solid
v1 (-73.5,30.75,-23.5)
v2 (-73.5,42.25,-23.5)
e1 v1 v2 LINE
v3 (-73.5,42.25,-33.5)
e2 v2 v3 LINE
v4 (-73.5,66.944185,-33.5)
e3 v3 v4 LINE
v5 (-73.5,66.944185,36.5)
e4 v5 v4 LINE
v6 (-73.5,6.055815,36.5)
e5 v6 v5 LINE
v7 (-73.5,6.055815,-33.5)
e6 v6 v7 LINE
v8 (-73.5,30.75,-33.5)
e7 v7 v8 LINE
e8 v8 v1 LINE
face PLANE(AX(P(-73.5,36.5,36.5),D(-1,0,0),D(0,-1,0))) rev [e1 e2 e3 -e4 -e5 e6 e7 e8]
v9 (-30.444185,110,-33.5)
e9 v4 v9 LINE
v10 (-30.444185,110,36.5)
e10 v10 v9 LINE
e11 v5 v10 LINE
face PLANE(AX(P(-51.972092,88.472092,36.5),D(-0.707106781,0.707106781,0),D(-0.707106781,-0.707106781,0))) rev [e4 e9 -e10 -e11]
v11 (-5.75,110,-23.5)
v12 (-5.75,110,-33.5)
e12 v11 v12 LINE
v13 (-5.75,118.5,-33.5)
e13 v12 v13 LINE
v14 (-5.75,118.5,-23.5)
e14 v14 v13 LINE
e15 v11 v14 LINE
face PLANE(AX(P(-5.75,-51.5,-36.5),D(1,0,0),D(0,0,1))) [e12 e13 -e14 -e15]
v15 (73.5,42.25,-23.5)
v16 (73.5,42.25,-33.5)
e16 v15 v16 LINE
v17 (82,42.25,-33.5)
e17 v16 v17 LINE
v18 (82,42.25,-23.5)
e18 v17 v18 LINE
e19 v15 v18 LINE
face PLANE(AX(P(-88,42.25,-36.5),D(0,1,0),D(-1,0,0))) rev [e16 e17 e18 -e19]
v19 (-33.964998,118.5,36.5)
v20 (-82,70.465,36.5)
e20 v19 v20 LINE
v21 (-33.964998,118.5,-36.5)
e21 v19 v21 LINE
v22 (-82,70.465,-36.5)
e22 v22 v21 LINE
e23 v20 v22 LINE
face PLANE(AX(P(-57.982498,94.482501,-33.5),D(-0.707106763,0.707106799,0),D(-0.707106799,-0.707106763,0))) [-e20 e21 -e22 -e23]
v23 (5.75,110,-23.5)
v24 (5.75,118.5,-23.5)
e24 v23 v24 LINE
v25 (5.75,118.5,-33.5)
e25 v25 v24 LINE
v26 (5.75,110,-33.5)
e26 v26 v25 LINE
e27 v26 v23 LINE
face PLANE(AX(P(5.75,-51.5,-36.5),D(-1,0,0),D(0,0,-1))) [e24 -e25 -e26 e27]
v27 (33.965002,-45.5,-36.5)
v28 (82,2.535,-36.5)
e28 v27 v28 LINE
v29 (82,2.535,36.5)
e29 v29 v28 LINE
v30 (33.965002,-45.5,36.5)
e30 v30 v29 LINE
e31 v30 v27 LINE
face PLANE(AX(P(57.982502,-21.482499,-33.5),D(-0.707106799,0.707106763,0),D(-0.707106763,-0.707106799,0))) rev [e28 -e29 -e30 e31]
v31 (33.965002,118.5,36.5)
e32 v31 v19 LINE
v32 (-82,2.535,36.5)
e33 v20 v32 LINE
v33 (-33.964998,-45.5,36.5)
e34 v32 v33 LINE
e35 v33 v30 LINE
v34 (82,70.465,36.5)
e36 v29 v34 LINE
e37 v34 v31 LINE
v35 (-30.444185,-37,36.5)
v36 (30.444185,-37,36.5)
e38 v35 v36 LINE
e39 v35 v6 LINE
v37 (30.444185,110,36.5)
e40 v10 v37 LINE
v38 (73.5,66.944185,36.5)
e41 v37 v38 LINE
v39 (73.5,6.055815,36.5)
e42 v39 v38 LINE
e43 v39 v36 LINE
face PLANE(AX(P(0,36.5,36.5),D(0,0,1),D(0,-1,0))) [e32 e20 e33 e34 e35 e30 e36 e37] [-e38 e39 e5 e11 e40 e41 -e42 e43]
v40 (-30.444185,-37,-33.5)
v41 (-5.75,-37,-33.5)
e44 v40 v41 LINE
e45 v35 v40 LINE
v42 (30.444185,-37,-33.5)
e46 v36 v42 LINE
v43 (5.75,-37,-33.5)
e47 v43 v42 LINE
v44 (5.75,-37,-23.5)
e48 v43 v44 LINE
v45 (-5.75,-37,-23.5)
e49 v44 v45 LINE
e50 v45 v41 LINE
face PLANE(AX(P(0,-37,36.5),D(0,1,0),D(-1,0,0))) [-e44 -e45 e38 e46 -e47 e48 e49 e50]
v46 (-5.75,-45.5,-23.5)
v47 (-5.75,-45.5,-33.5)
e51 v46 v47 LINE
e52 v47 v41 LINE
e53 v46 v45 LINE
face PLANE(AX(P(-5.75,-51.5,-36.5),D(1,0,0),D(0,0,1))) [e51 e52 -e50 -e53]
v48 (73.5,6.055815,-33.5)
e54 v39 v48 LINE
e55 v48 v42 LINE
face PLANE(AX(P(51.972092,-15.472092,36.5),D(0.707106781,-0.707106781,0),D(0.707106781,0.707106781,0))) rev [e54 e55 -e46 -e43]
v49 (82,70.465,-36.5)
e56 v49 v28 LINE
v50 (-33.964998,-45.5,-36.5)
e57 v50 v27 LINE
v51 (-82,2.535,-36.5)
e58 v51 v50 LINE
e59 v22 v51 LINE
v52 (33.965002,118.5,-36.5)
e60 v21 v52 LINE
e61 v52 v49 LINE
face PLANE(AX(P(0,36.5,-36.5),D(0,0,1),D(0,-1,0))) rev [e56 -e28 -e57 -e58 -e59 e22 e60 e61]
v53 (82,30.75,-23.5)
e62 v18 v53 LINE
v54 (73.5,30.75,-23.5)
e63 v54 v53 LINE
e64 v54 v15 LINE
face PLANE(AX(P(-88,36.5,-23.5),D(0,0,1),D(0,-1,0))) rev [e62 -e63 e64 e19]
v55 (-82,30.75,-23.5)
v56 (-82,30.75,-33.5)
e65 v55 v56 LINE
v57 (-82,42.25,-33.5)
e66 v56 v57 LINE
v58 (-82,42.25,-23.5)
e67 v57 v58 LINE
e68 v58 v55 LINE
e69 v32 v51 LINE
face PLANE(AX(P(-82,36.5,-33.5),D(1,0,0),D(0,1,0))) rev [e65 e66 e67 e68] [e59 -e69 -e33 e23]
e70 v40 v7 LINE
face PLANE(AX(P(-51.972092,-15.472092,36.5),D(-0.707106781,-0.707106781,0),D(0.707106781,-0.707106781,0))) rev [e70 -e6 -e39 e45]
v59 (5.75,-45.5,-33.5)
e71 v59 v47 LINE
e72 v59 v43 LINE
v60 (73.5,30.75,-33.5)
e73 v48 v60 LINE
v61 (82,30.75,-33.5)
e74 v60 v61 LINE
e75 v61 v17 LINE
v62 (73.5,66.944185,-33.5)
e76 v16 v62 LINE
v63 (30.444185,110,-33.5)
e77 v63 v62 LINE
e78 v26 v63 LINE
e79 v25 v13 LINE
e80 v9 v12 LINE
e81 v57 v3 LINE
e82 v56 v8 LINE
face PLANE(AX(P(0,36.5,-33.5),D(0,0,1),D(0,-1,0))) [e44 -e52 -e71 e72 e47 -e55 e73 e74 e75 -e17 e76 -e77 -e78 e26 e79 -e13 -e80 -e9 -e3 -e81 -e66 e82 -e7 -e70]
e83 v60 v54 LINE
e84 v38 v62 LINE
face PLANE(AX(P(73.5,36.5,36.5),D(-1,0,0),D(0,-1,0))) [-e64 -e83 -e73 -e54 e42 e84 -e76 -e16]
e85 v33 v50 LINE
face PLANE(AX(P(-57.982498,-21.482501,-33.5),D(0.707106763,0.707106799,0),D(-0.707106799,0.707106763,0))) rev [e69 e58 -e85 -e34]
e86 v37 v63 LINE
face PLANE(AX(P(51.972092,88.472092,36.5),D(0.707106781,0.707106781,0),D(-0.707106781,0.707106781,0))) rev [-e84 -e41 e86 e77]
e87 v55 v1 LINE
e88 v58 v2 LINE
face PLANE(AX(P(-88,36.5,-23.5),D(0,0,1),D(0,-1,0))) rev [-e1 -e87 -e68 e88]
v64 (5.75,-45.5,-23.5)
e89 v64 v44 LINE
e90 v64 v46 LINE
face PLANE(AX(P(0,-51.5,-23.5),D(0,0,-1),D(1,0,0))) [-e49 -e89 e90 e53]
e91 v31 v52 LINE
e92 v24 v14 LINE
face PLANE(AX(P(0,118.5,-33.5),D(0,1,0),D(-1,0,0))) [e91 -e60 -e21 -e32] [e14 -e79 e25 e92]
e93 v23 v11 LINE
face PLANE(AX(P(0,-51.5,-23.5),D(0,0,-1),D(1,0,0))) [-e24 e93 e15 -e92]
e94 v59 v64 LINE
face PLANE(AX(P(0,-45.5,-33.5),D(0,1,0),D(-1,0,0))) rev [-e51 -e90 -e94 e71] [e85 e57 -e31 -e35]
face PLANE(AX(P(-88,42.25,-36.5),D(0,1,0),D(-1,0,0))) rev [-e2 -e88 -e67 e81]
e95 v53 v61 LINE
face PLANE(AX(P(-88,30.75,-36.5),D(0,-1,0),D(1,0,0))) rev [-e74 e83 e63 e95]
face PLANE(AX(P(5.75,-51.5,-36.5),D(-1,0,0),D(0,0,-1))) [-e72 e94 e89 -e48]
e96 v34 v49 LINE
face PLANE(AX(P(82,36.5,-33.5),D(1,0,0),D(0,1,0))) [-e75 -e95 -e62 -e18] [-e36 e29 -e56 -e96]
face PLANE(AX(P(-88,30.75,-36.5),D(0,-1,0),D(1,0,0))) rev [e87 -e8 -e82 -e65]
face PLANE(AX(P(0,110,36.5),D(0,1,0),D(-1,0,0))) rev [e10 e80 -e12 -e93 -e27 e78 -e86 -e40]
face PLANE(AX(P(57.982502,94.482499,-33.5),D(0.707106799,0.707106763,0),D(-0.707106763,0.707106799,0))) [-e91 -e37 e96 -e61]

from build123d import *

# Parameters (mm, degrees)
BOSS_EXTRUDE1_DEPTH   = 3
BOSS_EXTRUDE2_DEPTH   = 70
CUT_EXTRUDE1_DEPTH    = 170
SKETCH4_W             = 11.5
SKETCH4_H             = 10
CUT_EXTRUDE2_DEPTH    = 170
BODY_MOVE_COPY2_ANGLE = 90


with BuildPart() as part:
    # Sketch1 → Boss-Extrude1 (new body)
    with BuildSketch(Plane(origin=(0, 0, 0), x_dir=(1, 0, 0), z_dir=(0, 1, 0))):
        Polygon((0, -82), (0, 0), (-82, 0), (-82, -33.965), (-33.964997557, -82), align=None)
        Polygon((82, 0), (0, 0), (0, -82), (33.965002443, -82), (82, -33.965), align=None)
        Polygon((-82, 0), (0, 0), (82, 0), (82, 33.965), (33.965002443, 82), (-33.964997557, 82), (-82, 33.965), align=None)
    extrude(amount=BOSS_EXTRUDE1_DEPTH)

    # Sketch2 → Boss-Extrude2 (add)
    with BuildSketch(Plane(origin=(0, 3, 0), x_dir=(1, 0, 0), z_dir=(0, 1, 0))):
        Polygon((33.965002443, -82), (82, -33.965), (82, 33.965), (33.965002443, 82), (-33.964997557, 82), (-82, 33.965), (-82, -33.965), (-33.964997557, -82), align=None)
        Polygon((-30.44418472, 73.5), (30.44418472, 73.5), (73.5, 30.44418472), (73.5, -30.44418472), (30.44418472, -73.5), (-30.44418472, -73.5), (-73.5, -30.44418472), (-73.5, 30.44418472), align=None, mode=Mode.SUBTRACT)
    extrude(amount=BOSS_EXTRUDE2_DEPTH)

    # Sketch3 → Cut-Extrude1 (cut)
    with BuildSketch(Plane(origin=(82, 0, 0), x_dir=(0, 0, -1), z_dir=(1, 0, 0))):
        Polygon((-5.75, 13), (-5.75, 3), (0, 3), (5.75, 3), (5.75, 13), align=None)
    extrude(amount=-CUT_EXTRUDE1_DEPTH, mode=Mode.SUBTRACT)

    # Sketch4 → Cut-Extrude2 (cut)
    with BuildSketch(Plane(origin=(0, 0, -82), x_dir=(-1, 0, 0), z_dir=(0, 0, -1))):
        with Locations((0, 8)):
            Rectangle(SKETCH4_W, SKETCH4_H)
    extrude(amount=-CUT_EXTRUDE2_DEPTH, mode=Mode.SUBTRACT)


with BuildPart() as part_1:
    # Body-Move/Copy2: moved
    add(part.part.rotate(Axis((0, 36.5, 0), (1, 0, 0)), BODY_MOVE_COPY2_ANGLE))


solid = part_1.part
